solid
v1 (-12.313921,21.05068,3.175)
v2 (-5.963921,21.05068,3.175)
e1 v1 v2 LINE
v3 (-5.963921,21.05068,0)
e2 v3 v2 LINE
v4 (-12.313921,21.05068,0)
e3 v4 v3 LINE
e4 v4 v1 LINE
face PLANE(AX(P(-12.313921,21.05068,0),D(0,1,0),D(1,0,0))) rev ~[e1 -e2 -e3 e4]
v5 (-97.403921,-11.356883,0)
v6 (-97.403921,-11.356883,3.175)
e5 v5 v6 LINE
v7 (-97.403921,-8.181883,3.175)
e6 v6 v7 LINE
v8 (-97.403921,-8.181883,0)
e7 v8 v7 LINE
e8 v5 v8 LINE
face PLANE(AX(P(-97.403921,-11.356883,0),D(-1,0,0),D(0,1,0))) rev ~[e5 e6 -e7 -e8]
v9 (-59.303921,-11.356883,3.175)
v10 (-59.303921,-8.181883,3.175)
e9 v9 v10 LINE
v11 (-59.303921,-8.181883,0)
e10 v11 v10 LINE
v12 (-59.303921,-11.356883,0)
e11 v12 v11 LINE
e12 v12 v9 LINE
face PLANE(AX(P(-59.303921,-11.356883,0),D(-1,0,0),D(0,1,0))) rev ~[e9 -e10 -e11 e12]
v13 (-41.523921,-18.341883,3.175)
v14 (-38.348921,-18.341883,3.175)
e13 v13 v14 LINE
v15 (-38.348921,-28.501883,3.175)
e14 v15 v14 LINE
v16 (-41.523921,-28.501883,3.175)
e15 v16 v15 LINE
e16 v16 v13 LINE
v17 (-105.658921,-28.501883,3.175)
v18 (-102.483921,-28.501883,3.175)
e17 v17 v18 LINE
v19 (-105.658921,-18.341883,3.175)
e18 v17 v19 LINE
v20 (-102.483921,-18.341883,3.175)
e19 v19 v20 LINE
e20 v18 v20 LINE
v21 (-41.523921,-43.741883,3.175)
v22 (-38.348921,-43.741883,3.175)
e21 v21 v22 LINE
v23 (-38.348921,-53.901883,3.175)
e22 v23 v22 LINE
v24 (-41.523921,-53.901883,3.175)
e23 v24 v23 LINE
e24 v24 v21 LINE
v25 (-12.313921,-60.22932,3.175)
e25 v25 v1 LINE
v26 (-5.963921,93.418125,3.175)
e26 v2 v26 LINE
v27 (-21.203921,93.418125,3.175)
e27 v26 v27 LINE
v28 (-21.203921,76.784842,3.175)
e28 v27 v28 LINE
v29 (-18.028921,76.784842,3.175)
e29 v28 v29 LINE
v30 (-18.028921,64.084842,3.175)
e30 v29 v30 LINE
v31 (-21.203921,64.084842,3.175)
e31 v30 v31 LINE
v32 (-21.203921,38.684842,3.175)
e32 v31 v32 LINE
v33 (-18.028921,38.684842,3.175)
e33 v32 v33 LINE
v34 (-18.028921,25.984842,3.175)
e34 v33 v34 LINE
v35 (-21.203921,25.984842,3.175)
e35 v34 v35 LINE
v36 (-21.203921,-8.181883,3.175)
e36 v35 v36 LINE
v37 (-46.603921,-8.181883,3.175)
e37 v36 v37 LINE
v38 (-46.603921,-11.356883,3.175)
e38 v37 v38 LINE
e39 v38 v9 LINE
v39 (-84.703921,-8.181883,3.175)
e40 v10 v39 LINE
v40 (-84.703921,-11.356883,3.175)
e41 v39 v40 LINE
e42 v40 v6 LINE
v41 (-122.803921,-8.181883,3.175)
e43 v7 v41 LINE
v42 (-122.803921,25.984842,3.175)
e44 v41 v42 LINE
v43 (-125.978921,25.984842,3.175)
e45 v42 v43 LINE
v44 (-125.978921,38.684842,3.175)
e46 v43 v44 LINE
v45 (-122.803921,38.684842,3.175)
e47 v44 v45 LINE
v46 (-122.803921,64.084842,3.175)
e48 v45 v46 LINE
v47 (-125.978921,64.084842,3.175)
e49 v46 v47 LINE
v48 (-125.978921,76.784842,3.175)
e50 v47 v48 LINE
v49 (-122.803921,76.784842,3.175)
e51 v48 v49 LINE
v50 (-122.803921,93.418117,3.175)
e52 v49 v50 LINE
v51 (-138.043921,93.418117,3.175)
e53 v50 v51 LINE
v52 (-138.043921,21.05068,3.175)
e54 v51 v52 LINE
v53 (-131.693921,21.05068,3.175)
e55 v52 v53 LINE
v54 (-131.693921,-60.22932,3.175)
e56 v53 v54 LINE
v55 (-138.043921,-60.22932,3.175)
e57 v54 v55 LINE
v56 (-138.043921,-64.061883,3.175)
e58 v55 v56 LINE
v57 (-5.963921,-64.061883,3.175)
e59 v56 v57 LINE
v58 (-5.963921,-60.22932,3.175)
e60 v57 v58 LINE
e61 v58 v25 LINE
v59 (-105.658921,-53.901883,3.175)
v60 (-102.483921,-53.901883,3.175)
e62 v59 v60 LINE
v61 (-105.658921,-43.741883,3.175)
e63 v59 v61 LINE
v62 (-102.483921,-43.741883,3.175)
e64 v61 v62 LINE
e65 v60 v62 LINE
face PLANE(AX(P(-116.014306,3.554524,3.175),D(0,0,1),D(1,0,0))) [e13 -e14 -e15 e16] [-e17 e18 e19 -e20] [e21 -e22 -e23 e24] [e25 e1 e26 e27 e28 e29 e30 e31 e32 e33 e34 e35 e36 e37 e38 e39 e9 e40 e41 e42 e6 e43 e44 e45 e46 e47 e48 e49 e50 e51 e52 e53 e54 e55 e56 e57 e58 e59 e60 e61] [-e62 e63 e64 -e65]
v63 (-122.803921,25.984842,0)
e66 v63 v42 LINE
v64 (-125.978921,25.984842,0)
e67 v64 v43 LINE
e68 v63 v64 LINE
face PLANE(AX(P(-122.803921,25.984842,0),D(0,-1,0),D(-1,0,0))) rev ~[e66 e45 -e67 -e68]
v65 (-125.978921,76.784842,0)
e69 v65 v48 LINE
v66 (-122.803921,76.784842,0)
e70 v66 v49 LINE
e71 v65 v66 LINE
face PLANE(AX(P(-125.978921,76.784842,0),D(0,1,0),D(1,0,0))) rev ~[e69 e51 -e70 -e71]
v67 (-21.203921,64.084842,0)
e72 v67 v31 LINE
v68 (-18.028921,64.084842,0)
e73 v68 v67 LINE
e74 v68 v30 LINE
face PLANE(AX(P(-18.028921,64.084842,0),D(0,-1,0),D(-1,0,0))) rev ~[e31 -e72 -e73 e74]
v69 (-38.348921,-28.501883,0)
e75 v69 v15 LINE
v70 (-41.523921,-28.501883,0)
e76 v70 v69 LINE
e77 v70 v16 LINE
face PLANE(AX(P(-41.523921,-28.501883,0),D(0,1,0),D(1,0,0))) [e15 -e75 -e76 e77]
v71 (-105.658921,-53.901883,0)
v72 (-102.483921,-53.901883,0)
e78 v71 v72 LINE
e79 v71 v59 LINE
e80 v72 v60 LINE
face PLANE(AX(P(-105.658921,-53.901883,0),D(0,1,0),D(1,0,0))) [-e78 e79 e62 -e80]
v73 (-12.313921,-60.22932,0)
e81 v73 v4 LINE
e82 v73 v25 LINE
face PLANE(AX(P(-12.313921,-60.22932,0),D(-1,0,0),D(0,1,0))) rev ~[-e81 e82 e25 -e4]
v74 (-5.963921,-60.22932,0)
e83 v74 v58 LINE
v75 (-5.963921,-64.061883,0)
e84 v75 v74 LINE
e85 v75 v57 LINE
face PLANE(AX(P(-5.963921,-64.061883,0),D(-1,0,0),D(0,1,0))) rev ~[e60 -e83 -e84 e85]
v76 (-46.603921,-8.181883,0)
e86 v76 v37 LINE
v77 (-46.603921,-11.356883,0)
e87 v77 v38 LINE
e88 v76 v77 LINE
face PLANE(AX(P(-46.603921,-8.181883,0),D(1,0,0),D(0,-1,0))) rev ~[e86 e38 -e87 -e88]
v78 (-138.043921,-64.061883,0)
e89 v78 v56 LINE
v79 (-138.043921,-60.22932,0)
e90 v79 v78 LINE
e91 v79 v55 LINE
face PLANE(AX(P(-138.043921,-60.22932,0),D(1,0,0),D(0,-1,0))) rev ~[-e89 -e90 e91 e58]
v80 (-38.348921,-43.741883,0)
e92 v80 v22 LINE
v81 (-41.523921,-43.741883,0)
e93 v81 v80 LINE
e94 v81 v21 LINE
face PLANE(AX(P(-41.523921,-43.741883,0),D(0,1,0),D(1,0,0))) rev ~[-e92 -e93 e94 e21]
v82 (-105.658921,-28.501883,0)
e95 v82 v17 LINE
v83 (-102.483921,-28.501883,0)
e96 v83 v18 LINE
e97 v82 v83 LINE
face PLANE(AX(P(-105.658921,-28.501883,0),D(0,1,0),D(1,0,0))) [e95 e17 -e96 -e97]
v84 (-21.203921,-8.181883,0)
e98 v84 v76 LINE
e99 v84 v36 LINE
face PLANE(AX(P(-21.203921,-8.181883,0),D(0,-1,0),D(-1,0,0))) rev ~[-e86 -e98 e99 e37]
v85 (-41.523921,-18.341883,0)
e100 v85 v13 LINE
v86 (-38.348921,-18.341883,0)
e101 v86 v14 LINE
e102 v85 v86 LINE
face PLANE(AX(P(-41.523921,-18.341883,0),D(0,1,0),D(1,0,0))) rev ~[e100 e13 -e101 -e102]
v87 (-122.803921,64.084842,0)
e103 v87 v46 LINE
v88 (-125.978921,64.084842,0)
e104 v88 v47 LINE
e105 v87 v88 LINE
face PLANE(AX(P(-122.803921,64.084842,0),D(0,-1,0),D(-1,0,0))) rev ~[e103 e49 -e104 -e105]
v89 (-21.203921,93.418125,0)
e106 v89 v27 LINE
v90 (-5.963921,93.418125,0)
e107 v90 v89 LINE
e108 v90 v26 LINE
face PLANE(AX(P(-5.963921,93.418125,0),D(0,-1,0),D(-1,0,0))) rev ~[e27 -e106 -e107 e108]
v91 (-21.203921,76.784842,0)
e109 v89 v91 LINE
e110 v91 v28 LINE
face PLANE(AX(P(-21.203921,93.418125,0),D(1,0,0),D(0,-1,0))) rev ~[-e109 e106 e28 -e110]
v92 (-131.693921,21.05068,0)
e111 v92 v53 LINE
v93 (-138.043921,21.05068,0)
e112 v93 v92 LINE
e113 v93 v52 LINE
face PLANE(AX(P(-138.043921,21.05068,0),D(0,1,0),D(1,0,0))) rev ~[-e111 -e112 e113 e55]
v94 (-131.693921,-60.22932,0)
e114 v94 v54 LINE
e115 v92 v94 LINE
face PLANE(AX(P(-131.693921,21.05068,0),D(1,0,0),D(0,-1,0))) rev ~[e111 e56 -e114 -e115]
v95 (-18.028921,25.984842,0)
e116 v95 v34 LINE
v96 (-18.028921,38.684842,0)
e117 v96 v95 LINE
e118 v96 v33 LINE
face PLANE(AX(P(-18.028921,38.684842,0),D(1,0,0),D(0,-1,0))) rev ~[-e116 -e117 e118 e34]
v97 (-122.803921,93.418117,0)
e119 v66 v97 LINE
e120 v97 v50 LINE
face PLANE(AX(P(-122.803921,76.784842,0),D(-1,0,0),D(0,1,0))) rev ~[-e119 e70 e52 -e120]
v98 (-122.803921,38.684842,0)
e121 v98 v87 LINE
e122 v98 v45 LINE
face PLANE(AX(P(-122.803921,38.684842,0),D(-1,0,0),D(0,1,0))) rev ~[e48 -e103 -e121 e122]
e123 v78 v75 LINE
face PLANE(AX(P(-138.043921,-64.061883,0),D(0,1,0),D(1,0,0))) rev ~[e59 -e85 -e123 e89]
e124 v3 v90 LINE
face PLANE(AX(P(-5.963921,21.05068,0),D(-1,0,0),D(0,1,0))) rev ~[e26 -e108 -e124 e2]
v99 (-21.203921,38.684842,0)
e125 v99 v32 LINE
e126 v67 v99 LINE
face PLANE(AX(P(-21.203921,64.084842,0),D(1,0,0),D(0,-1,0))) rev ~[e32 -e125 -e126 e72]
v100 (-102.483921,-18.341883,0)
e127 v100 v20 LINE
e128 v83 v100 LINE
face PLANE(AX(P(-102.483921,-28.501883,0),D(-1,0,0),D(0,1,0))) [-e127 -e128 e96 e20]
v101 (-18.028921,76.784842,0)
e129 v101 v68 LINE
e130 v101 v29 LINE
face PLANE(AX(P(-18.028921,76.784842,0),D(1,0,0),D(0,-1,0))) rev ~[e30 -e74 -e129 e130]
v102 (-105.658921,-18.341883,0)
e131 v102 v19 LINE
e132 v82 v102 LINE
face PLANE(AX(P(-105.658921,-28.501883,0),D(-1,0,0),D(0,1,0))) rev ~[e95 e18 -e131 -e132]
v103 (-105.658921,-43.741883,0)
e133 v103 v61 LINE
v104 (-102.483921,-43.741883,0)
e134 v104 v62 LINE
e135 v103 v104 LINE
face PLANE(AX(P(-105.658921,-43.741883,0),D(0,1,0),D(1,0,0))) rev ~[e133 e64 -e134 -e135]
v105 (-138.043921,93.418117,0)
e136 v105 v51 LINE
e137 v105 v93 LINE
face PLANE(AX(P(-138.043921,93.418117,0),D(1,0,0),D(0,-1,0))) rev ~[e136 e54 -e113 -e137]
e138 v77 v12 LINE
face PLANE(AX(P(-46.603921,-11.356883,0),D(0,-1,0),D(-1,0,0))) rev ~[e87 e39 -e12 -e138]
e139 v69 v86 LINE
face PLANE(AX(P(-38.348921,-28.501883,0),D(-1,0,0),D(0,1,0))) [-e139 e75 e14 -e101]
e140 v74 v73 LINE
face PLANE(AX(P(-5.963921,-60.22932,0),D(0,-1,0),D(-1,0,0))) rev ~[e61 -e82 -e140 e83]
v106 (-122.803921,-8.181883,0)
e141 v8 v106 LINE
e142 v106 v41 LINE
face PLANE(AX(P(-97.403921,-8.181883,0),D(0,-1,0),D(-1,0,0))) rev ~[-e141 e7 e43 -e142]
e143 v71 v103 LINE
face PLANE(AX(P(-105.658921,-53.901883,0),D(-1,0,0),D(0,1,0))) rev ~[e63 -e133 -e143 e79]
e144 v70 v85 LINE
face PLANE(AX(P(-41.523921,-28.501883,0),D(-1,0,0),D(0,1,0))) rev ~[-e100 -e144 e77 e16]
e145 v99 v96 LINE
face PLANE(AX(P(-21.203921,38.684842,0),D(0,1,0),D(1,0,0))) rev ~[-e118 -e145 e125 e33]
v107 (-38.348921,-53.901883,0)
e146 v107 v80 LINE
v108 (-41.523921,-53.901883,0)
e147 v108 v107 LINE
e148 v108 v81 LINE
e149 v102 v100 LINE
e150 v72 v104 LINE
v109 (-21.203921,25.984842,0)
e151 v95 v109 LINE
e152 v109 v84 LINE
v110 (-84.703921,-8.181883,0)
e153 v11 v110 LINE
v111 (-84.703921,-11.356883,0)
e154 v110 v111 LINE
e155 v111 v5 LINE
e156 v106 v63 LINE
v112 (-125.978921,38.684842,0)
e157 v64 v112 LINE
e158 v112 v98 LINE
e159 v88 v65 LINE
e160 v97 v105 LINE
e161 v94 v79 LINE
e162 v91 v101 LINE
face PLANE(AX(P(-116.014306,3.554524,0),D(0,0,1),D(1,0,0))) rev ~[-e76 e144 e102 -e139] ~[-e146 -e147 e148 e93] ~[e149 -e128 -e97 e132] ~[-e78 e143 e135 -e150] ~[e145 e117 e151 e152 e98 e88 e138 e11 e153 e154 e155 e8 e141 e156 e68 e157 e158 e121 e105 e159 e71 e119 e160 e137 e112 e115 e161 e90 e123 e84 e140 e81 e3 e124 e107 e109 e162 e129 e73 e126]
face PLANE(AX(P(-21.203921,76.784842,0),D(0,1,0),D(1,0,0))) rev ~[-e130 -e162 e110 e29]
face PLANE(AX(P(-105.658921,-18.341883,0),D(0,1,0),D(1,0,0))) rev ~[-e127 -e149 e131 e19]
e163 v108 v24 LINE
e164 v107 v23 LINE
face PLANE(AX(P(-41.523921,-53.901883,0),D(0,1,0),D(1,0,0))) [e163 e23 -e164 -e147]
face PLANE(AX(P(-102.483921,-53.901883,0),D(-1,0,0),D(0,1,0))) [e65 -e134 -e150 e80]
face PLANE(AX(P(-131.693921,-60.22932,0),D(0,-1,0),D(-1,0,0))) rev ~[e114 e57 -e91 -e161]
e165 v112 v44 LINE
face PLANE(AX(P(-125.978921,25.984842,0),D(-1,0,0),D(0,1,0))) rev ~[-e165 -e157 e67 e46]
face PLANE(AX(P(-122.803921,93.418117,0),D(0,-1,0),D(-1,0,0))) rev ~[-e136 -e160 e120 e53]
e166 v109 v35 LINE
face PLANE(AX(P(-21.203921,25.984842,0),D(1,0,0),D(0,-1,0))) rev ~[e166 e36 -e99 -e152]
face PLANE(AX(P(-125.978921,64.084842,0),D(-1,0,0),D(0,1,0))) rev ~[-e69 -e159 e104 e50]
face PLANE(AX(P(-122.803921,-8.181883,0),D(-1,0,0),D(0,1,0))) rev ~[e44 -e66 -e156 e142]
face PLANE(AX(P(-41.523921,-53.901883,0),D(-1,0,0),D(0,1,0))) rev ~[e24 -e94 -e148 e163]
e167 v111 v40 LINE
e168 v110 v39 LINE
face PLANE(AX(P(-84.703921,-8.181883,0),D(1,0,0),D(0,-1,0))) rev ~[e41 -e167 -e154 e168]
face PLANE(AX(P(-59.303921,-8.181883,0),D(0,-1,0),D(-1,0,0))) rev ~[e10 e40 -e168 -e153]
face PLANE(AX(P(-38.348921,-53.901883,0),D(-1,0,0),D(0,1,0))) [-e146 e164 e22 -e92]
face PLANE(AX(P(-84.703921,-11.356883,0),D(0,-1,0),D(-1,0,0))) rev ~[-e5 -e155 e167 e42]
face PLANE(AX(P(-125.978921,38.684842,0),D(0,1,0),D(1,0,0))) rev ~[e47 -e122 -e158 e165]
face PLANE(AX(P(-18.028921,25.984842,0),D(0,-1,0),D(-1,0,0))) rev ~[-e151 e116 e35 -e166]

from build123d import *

# Parameters (mm, degrees)
F0_W     = 3.175
F0_H     = 10.16
F1_DEPTH = 3.175


with BuildPart() as f1:
    # F0 (on Top) → F1 (new body)
    with BuildSketch(Plane.XY):
        Polygon((-138.043921, -60.22932), (-138.043921, -64.061883), (-72.003921, -64.061883), (-72.003921, -8.181883), (-77.367083, -8.181883), (-84.703921, -8.181883), (-84.703921, -11.356883), (-97.403921, -11.356883), (-97.403921, -8.181883), (-122.803921, -8.181883), (-122.803921, 25.984842), (-125.978921, 25.984842), (-125.978921, 38.684842), (-122.803921, 38.684842), (-122.803921, 64.084842), (-125.978921, 64.084842), (-125.978921, 76.784842), (-122.803921, 76.784842), (-122.803921, 93.418117), (-138.043921, 93.418117), (-138.043921, 21.05068), (-131.693921, 21.05068), (-131.693921, -60.22932), align=None)
        with Locations((-104.071421, -48.821883)):
            Rectangle(F0_W, F0_H, mode=Mode.SUBTRACT)
        with Locations((-104.071421, -23.421883)):
            Rectangle(F0_W, F0_H, mode=Mode.SUBTRACT)
        Polygon((-72.003921, -8.181883), (-72.003921, -64.061883), (-5.963921, -64.061883), (-5.963921, -60.22932), (-12.313921, -60.22932), (-12.313921, 21.05068), (-5.963921, 21.05068), (-5.963921, 93.418125), (-21.203921, 93.418125), (-21.203921, 76.784842), (-18.028921, 76.784842), (-18.028921, 64.084842), (-21.203921, 64.084842), (-21.203921, 38.684842), (-18.028921, 38.684842), (-18.028921, 25.984842), (-21.203921, 25.984842), (-21.203921, -8.181883), (-26.567083, -8.181883), (-46.603921, -8.181883), (-46.603921, -11.356883), (-59.303921, -11.356883), (-59.303921, -8.181883), align=None)
        with Locations((-39.936421, -48.821883)):
            Rectangle(F0_W, F0_H, mode=Mode.SUBTRACT)
        with Locations((-39.936421, -23.421883)):
            Rectangle(F0_W, F0_H, mode=Mode.SUBTRACT)
    extrude(amount=F1_DEPTH)


solid = f1.part
